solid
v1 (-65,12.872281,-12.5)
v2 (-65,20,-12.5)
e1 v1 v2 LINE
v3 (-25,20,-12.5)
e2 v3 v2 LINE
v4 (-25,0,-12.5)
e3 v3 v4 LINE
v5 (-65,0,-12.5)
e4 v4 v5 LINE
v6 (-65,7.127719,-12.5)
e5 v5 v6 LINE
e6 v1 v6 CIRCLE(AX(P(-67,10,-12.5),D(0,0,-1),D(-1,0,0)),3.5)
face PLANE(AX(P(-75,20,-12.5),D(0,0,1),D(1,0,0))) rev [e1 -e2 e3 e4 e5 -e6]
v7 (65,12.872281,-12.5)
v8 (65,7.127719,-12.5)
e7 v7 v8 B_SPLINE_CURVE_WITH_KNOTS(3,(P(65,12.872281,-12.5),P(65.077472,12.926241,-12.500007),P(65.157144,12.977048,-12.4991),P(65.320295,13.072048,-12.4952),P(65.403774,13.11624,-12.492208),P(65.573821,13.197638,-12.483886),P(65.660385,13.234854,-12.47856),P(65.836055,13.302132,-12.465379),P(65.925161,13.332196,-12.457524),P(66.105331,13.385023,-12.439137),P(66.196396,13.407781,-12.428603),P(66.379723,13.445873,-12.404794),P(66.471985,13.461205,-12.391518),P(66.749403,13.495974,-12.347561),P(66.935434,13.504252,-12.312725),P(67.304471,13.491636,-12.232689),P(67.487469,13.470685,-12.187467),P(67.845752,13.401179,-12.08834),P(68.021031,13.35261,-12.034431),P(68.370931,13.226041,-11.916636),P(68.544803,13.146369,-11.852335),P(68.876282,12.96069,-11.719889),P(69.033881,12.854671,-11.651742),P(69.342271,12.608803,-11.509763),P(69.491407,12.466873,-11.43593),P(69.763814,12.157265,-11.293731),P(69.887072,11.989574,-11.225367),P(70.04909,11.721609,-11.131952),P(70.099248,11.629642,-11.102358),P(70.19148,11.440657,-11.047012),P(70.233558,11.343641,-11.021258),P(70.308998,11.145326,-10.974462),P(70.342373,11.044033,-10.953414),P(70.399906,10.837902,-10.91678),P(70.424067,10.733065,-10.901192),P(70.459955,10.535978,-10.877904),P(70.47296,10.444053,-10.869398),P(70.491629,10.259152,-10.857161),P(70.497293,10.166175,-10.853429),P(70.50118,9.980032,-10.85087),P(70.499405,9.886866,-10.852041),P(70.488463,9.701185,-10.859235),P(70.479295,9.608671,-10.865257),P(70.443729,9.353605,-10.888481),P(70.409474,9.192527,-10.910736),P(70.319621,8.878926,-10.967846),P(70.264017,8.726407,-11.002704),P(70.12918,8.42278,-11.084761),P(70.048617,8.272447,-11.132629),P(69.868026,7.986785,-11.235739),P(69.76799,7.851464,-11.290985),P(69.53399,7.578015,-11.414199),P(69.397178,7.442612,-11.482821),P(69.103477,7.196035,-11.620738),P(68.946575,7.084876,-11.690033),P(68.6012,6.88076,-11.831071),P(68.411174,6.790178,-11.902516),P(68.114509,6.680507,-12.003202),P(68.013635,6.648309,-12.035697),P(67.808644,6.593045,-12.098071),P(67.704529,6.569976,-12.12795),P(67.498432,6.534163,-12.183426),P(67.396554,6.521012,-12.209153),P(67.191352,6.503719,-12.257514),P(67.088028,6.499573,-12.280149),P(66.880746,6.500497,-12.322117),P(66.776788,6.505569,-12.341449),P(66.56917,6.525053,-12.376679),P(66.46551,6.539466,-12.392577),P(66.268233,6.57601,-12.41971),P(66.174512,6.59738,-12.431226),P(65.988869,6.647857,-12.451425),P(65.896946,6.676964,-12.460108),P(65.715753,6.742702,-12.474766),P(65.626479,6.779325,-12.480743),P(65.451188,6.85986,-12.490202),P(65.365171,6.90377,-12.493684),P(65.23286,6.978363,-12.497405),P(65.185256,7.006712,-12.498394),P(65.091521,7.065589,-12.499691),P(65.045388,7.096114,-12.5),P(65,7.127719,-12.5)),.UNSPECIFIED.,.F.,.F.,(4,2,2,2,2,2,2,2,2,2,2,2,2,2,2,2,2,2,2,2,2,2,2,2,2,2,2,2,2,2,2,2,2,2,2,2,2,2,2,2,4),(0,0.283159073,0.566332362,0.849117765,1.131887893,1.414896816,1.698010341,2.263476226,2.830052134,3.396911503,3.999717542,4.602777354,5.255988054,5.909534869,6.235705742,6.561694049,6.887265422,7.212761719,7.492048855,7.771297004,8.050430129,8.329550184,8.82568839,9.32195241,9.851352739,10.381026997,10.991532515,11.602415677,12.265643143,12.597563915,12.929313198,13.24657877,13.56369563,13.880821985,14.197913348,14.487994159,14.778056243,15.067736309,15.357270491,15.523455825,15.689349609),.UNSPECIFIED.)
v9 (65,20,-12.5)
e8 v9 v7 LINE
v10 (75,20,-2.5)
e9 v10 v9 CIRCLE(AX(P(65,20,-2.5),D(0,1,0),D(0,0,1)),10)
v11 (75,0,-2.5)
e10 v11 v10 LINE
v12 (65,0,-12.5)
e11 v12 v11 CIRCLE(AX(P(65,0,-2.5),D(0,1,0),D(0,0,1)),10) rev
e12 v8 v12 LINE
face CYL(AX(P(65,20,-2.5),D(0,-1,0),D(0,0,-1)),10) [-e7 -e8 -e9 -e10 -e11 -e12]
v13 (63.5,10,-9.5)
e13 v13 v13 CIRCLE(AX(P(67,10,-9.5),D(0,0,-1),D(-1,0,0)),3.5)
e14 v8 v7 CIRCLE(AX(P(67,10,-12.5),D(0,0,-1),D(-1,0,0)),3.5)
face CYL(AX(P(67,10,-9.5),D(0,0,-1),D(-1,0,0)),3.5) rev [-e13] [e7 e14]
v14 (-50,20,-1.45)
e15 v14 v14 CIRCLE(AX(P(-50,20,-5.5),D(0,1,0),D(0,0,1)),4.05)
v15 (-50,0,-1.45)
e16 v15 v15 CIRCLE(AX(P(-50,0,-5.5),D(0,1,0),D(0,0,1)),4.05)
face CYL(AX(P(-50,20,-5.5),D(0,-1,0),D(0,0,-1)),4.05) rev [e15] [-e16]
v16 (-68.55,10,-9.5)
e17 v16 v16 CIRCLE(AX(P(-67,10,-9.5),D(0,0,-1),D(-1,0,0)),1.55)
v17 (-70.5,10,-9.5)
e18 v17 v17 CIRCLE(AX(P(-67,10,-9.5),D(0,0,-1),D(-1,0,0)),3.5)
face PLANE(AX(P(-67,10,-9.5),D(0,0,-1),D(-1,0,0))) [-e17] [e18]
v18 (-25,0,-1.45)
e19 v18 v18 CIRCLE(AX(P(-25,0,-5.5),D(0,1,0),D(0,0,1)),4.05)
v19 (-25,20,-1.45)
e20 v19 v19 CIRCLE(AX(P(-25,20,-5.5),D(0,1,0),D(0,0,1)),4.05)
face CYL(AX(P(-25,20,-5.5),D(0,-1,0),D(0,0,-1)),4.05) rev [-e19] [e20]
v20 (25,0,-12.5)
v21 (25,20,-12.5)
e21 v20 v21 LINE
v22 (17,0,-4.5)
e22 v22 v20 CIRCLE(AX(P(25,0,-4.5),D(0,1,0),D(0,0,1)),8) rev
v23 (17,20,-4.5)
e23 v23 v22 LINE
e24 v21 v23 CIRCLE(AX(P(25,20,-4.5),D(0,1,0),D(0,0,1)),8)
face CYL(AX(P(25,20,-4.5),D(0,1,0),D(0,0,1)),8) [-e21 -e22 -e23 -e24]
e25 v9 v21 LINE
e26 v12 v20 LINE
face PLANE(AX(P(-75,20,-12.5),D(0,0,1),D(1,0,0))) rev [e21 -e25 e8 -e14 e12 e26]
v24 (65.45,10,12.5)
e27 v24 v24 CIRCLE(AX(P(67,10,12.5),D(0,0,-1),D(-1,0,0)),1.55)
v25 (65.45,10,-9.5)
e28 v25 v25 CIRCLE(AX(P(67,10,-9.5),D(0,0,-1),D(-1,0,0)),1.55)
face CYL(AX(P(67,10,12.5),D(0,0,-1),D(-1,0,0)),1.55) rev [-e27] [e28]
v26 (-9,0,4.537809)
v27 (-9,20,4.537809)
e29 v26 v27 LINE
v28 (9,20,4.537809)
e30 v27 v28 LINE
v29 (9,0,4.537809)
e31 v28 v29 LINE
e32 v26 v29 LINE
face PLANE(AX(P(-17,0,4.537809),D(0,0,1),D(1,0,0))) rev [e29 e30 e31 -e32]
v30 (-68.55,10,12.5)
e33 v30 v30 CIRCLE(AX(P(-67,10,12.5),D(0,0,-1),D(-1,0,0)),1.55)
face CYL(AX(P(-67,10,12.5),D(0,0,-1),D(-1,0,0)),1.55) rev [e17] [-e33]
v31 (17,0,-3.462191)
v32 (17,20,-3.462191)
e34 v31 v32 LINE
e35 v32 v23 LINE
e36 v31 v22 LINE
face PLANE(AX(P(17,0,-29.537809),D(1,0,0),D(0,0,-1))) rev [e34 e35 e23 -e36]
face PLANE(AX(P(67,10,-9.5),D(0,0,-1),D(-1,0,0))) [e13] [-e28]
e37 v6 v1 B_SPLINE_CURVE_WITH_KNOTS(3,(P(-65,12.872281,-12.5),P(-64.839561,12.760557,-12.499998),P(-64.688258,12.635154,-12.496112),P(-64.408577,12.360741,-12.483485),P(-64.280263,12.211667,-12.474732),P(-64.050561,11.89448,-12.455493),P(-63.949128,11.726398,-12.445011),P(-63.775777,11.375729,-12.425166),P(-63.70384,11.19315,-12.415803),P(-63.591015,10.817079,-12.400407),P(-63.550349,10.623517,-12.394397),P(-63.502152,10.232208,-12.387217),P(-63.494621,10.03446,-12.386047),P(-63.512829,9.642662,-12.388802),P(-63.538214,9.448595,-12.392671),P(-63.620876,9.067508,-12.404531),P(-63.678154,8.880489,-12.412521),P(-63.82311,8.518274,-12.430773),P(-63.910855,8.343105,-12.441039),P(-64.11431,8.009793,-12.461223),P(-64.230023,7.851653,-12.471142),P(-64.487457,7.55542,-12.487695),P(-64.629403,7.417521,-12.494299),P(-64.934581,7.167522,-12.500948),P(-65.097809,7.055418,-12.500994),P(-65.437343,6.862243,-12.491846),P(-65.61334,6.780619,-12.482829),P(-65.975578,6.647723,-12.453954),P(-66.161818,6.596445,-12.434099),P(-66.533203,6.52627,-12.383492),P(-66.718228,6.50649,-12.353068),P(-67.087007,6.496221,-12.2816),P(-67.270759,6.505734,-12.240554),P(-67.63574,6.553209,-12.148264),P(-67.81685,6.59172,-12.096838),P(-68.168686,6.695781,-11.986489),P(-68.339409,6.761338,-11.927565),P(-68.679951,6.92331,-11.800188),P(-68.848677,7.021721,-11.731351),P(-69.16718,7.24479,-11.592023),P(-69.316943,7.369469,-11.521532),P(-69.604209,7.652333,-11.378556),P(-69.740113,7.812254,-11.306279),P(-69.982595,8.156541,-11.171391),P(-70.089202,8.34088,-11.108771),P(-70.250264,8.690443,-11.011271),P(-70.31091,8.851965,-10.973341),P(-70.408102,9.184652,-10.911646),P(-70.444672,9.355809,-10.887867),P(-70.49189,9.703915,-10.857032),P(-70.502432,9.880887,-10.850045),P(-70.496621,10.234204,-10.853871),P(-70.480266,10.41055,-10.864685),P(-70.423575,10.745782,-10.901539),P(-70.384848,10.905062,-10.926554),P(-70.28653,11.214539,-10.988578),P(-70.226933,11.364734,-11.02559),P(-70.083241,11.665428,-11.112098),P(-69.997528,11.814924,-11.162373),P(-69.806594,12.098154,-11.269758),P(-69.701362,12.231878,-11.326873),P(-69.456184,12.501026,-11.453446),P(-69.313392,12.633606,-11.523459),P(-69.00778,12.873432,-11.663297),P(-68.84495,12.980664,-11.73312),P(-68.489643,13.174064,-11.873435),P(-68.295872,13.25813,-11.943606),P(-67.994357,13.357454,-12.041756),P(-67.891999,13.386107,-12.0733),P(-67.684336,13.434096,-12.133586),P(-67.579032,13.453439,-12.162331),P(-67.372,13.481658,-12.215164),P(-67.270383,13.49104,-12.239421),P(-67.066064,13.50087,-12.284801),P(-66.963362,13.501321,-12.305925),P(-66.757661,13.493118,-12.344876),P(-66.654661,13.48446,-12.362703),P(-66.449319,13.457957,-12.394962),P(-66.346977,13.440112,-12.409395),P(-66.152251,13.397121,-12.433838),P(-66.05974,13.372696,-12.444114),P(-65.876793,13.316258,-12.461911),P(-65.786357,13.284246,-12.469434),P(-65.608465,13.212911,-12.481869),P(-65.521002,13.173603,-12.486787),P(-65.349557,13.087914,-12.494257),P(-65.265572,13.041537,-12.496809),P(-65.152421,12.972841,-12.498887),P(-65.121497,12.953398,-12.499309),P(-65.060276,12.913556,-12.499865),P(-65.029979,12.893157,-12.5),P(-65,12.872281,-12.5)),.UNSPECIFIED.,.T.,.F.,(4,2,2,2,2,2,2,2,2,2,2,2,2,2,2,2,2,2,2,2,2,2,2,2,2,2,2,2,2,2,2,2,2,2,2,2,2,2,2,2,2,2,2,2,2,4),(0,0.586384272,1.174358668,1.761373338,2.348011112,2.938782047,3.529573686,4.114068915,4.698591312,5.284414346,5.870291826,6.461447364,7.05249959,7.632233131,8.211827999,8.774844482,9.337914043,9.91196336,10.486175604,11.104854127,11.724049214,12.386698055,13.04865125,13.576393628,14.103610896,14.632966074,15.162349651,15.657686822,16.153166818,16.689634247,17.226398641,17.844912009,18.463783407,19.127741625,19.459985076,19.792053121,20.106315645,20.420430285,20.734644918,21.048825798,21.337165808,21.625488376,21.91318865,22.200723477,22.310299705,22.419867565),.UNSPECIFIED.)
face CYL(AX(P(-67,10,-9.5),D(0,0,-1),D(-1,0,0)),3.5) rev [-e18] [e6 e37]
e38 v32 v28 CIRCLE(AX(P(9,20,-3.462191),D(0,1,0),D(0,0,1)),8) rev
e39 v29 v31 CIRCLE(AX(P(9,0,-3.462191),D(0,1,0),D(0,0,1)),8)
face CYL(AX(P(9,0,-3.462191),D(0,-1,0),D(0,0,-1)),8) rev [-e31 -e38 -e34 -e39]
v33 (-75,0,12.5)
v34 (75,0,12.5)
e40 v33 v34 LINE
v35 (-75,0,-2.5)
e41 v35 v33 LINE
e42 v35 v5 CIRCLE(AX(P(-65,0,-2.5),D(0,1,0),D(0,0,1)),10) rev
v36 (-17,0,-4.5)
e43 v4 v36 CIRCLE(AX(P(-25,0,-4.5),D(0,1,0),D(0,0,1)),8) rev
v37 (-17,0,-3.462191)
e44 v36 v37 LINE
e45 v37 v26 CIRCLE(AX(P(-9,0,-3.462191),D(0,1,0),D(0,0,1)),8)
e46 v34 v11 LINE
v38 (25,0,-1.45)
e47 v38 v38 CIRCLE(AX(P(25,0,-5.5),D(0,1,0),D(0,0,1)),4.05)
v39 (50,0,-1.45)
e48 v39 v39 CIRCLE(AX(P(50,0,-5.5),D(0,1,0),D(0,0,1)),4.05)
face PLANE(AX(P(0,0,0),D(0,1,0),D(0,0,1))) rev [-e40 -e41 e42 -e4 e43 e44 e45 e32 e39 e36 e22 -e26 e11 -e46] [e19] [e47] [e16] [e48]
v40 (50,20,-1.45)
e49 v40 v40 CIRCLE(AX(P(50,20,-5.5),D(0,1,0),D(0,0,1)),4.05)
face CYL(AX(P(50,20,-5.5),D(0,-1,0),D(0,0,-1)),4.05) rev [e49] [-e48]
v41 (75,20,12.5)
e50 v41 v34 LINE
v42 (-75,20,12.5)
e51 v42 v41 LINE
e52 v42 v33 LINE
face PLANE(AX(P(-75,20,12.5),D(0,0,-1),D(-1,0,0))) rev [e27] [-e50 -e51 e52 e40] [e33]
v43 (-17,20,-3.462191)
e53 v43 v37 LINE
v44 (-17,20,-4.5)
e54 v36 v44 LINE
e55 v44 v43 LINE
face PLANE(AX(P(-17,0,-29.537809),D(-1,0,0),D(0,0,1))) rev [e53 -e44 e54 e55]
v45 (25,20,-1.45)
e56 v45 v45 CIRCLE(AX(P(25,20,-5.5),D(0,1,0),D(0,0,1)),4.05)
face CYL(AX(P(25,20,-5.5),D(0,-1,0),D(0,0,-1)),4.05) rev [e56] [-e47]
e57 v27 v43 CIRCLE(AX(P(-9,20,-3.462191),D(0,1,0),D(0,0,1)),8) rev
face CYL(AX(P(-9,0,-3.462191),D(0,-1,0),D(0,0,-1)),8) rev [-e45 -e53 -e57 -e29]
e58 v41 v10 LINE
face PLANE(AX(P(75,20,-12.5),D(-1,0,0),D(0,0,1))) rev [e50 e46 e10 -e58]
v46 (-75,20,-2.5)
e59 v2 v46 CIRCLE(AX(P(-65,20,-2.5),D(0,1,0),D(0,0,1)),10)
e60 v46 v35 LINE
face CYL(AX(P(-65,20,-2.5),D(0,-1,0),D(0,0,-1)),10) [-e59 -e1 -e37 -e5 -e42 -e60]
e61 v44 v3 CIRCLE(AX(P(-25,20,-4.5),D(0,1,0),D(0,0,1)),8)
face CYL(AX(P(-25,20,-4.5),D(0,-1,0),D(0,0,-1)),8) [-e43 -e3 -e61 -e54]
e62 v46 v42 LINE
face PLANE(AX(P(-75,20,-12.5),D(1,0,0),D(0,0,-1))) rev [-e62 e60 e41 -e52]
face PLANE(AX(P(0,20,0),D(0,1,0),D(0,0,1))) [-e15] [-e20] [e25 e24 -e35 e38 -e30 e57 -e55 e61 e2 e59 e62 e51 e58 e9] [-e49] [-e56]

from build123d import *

# Parameters (mm, degrees)
SKETCH1_W           = 150
SKETCH1_H           = 25
SKETCH1_R           = 4.05
BOSS_EXTRUDE1_DEPTH = 20
FILLET1_R           = 10
SKETCH3_R           = 1.55
CUT_EXTRUDE1_DEPTH  = 26
SKETCH3_3_R         = 3.5
SKETCH3_3_R_2       = 1.55
CUT_EXTRUDE2_DEPTH  = 3
SKETCH4_W           = 34
SKETCH4_H           = 34.075617562
CUT_EXTRUDE3_DEPTH  = 21.0000001
FILLET2_R           = 8


with BuildPart() as part:
    # Sketch1 → Boss-Extrude1 (new body)
    with BuildSketch(Plane(origin=(0, 0, 0), x_dir=(1, 0, 0), z_dir=(0, 1, 0))):
        Rectangle(SKETCH1_W, SKETCH1_H)
        with Locations(Location((-25, 5.5, 0), (0, 0, 270))):  # turned: the seam where the file's is
            Circle(SKETCH1_R, mode=Mode.SUBTRACT)
        with Locations(Location((25, 5.5, 0), (0, 0, 270))):  # turned: the seam where the file's is
            Circle(SKETCH1_R, mode=Mode.SUBTRACT)
        with Locations(Location((-50, 5.5, 0), (0, 0, 270))):  # turned: the seam where the file's is
            Circle(SKETCH1_R, mode=Mode.SUBTRACT)
        with Locations(Location((50, 5.5, 0), (0, 0, 270))):  # turned: the seam where the file's is
            Circle(SKETCH1_R, mode=Mode.SUBTRACT)
    extrude(amount=BOSS_EXTRUDE1_DEPTH)

    # Fillet1
    fillet1_edges = [part.edges().sort_by_distance(p)[0] for p in [
        (-75, 10, -12.5),
        (75, 10, -12.5),
    ]]
    fillet(fillet1_edges, radius=FILLET1_R)

    # Sketch3 → Cut-Extrude1 (cut, through all)
    with BuildSketch(Plane(origin=(0, 0, -12.5), x_dir=(-1, 0, 0), z_dir=(0, 0, -1))):
        with Locations((-67, 10)):
            Circle(SKETCH3_R)
        with Locations((67, 10)):
            Circle(SKETCH3_R)
    extrude(amount=-CUT_EXTRUDE1_DEPTH, mode=Mode.SUBTRACT)

    # Sketch3_3 → Cut-Extrude2 (cut)
    with BuildSketch(Plane(origin=(0, 0, -12.5), x_dir=(-1, 0, 0), z_dir=(0, 0, -1))):
        with Locations((-67, 10)):
            Circle(SKETCH3_3_R)
        with Locations((-67, 10)):
            Circle(SKETCH3_3_R_2, mode=Mode.SUBTRACT)
        with Locations((67, 10)):
            Circle(SKETCH3_3_R)
        with Locations((67, 10)):
            Circle(SKETCH3_3_R_2, mode=Mode.SUBTRACT)
    extrude(amount=-CUT_EXTRUDE2_DEPTH, mode=Mode.SUBTRACT)

    # Sketch4 → Cut-Extrude3 (cut, through all)
    with BuildSketch(Plane(origin=(0, 20, 0), x_dir=(1, 0, 0), z_dir=(0, 1, 0))):
        with Locations((0, 12.5)):
            Rectangle(SKETCH4_W, SKETCH4_H)
    extrude(amount=-CUT_EXTRUDE3_DEPTH, mode=Mode.SUBTRACT)

    # Fillet2
    fillet2_edges = [part.edges().sort_by_distance(p)[0] for p in [
        (-17, 10, -12.5),
        (17, 10, -12.5),
        (-17, 10, 4.537808781),
        (17, 10, 4.537808781),
    ]]
    fillet(fillet2_edges, radius=FILLET2_R)


solid = part.part
